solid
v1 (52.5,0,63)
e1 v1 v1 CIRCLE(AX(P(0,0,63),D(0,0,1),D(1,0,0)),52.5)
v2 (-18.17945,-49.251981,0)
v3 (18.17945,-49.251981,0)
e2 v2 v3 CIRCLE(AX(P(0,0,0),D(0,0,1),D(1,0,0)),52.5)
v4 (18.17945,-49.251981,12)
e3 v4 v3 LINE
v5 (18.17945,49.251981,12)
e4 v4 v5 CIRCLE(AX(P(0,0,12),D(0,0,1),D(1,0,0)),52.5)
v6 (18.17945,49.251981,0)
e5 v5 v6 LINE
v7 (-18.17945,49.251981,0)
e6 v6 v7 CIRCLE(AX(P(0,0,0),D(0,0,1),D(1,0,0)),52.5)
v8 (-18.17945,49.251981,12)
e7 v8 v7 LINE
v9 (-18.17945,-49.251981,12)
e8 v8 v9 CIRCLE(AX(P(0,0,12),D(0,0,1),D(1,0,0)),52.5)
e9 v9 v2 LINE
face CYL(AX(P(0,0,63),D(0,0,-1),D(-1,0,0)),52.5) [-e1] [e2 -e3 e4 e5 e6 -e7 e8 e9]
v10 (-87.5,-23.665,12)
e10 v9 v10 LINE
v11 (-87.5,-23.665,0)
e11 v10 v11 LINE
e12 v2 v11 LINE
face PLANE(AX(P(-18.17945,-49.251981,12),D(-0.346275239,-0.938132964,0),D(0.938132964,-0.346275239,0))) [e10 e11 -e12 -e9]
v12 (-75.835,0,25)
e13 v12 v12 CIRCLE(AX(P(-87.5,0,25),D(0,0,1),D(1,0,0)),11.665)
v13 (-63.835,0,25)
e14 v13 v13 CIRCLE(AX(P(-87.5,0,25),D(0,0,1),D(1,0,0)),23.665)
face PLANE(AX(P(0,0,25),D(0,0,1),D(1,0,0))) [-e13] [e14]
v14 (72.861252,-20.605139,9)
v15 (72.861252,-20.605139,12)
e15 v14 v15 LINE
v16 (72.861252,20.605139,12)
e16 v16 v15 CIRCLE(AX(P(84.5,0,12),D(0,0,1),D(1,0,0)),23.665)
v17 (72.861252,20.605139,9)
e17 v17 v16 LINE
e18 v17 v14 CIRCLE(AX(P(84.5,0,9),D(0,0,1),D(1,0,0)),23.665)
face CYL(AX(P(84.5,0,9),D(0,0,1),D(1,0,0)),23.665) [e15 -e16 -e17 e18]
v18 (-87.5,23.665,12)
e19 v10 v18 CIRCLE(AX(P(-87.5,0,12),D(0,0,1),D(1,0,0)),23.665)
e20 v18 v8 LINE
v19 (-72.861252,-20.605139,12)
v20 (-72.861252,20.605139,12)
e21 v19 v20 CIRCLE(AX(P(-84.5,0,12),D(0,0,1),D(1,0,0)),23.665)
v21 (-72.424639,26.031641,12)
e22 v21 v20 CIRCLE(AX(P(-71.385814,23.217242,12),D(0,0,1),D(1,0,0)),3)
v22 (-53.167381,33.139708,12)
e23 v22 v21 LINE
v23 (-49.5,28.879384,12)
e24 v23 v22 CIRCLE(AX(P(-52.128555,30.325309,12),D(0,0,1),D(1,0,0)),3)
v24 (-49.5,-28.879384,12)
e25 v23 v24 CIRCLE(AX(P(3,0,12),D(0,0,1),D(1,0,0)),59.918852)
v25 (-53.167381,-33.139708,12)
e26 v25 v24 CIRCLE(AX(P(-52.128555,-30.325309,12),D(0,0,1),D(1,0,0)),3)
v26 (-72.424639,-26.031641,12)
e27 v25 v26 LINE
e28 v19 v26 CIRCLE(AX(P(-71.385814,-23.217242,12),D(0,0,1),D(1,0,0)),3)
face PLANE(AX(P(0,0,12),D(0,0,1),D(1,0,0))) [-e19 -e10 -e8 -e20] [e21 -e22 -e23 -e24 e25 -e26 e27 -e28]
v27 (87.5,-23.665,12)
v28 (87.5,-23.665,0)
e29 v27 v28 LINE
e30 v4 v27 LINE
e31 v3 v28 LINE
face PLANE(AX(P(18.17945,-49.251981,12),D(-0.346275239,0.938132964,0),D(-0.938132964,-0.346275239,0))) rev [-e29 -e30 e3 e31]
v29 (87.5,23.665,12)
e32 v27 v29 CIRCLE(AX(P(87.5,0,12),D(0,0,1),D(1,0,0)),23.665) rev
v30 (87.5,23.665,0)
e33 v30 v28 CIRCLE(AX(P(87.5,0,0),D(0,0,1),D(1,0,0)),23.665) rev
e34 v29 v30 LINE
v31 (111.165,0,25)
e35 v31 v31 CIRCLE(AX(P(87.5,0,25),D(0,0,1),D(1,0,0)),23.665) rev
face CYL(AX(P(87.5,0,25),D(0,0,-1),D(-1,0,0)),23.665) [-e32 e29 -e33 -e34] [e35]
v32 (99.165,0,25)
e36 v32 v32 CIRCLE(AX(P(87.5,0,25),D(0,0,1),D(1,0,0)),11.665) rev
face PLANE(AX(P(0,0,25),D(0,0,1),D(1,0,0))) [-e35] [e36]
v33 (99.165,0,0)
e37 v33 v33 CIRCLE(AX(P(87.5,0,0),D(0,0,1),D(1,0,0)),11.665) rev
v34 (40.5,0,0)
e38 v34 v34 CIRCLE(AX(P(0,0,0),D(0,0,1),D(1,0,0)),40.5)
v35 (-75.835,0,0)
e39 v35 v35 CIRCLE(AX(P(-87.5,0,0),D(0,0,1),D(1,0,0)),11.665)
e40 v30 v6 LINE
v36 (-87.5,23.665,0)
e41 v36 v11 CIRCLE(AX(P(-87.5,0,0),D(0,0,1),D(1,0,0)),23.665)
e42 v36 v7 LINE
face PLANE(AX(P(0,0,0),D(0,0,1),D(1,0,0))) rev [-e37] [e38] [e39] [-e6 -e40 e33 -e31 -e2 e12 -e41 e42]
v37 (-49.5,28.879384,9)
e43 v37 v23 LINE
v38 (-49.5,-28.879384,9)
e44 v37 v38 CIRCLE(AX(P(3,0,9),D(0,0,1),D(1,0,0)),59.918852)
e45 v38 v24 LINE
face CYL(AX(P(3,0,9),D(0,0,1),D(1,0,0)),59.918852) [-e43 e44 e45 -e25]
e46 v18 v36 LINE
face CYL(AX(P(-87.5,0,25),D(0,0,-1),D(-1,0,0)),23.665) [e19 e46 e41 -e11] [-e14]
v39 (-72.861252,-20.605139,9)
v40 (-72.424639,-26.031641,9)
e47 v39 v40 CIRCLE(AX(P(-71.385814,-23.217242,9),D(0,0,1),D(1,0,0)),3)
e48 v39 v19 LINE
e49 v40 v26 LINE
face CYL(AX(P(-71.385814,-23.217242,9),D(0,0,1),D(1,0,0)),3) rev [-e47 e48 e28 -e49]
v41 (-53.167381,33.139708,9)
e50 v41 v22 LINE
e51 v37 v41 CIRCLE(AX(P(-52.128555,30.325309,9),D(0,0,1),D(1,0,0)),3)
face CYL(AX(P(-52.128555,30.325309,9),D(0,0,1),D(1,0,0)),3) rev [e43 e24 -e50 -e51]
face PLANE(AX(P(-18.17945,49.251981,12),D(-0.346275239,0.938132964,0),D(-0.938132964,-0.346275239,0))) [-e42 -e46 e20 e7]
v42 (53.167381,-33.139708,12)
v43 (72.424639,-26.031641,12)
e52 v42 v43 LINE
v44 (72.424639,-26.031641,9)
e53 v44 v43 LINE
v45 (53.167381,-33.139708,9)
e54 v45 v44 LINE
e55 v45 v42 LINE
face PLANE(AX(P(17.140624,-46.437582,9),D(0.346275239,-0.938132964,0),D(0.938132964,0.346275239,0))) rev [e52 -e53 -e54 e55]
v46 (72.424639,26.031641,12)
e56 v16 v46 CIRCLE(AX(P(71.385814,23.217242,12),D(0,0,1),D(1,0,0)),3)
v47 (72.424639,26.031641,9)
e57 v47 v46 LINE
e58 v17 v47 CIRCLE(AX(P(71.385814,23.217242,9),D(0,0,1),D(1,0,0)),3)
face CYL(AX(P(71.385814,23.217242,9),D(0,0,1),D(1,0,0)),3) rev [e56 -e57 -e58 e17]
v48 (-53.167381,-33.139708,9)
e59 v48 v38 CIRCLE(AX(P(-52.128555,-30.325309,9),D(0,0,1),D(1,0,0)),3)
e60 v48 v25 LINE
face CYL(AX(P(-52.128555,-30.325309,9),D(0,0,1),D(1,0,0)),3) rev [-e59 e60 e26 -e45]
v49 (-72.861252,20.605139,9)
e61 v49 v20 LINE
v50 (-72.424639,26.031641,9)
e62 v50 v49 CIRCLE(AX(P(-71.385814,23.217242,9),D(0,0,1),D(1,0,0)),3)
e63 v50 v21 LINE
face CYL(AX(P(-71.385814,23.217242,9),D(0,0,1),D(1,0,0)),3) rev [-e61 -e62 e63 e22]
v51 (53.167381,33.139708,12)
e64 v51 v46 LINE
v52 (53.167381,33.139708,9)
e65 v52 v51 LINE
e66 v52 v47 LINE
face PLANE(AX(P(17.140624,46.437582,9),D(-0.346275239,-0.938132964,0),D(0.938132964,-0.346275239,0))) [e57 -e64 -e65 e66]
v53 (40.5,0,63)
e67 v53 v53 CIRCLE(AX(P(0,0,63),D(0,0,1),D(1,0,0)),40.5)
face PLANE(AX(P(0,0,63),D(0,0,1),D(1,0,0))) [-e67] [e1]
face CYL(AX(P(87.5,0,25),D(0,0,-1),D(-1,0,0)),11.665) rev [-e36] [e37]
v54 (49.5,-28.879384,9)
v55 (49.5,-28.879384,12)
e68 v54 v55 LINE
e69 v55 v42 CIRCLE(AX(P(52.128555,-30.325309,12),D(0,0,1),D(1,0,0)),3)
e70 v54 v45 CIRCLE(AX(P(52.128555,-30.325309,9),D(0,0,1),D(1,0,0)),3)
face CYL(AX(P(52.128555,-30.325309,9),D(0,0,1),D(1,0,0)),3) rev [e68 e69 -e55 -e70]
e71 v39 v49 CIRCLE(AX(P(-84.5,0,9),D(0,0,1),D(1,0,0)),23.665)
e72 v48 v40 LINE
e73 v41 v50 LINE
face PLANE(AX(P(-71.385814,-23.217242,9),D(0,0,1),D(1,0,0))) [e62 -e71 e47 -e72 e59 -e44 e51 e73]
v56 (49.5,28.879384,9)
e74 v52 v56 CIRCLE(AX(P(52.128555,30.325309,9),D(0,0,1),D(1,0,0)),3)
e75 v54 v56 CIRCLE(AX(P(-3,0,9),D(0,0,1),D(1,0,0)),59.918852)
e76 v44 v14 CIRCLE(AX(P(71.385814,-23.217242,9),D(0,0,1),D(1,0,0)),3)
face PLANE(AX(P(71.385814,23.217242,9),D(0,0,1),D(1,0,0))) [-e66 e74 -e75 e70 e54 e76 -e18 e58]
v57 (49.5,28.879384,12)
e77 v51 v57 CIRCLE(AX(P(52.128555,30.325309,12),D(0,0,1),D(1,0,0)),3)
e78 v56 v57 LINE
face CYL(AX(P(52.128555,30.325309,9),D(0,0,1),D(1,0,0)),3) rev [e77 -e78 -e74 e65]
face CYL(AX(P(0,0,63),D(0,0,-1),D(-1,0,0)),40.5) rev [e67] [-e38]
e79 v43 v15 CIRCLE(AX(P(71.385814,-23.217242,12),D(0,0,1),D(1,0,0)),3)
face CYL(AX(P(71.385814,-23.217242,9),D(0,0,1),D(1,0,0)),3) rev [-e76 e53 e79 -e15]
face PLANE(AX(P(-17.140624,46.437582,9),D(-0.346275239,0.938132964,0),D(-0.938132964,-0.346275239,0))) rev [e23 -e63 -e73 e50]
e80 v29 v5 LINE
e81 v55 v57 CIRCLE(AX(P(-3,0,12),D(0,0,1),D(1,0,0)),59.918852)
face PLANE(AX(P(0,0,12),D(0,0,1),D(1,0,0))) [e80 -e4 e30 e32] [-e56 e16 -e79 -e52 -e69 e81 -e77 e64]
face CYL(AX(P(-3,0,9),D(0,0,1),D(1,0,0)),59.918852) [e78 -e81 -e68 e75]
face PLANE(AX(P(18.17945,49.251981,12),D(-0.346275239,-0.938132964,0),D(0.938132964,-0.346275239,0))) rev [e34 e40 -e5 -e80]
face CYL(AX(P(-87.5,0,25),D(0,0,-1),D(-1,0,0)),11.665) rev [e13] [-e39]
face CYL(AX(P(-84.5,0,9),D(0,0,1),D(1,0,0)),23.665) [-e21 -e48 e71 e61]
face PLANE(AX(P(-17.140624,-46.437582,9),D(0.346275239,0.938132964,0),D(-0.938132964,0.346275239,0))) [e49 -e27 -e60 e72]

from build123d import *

# Parameters (mm, degrees)
SHAFT_MOUNT_SKETCH_R           = 52.5
SHAFT_MOUNT_SKETCH_R_2         = 40.5
CYLINDRICAL_BORE_EXTRUDE_DEPTH = 63
SKETCH1_3_R                    = 23.665
SKETCH1_3_R_2                  = 11.665
BOLT_HOLES_EXTRUDE_DEPTH       = 25
BOLT_HOLES_EXTRUDE_2_DEPTH     = 25
SHAFT_MOUNT_GUSSETS_DEPTH      = 12
FLANGE_START                   = 12
FLANGE_EXTRUDED_CUT_1_DEPTH    = 3
FLANGE_EXTRUDED_CUT_2_DEPTH    = 3


with BuildPart() as part:
    # Shaft Mount Sketch → Cylindrical Bore Extrude (new body)
    with BuildSketch(Plane.XY):
        Circle(SHAFT_MOUNT_SKETCH_R)
        Circle(SHAFT_MOUNT_SKETCH_R_2, mode=Mode.SUBTRACT)
    extrude(amount=CYLINDRICAL_BORE_EXTRUDE_DEPTH)



with BuildPart() as body_2:
    # Sketch1<3> → Bolt Holes Extrude (new body)
    with BuildSketch(Plane.XY):
        with Locations((-87.5, 0)):
            Circle(SKETCH1_3_R)
        with Locations((-87.5, 0)):
            Circle(SKETCH1_3_R_2, mode=Mode.SUBTRACT)
    extrude(amount=BOLT_HOLES_EXTRUDE_DEPTH)


with BuildPart() as body_3:
    # Sketch1<3> → Bolt Holes Extrude 2 (new body)
    with BuildSketch(Plane.XY):
        with Locations((87.5, 0)):
            Circle(SKETCH1_3_R)
        with Locations((87.5, 0)):
            Circle(SKETCH1_3_R_2, mode=Mode.SUBTRACT)
    extrude(amount=BOLT_HOLES_EXTRUDE_2_DEPTH)


with BuildPart() as part_1:
    add(part.part)

    add(body_2.part)  # Shaft Mount Gussets merges body 2

    add(body_3.part)  # Shaft Mount Gussets merges body 3
    # Sketch1<4> → Shaft Mount Gussets (add)
    with BuildSketch(Plane.XY):
        with BuildLine():
            Line((-18.179450038, 49.251980634), (-87.5, 23.665))
            ThreePointArc((-87.5, 23.665), (-63.835, 0), (-87.5, -23.665))
            Line((-87.5, -23.665), (-18.179450038, -49.251980634))
            ThreePointArc((-18.179450038, -49.251980634), (-52.5, 0), (-18.179450038, 49.251980634))
        make_face()
        with BuildLine():
            Line((87.5, 23.665), (18.179450038, 49.251980634))
            ThreePointArc((18.179450038, 49.251980634), (52.5, 0), (18.179450038, -49.251980634))
            Line((18.179450038, -49.251980634), (87.5, -23.665))
            ThreePointArc((87.5, -23.665), (63.835, 0), (87.5, 23.665))
        make_face()
    extrude(amount=SHAFT_MOUNT_GUSSETS_DEPTH)

    # Socket Sketch<6> → Flange Extruded Cut 1 (cut)
    with BuildSketch(Plane.XY.offset(FLANGE_START)):
        with BuildLine():
            ThreePointArc((53.167380744, -33.139708031), (49.854923731, -32.28250119), (49.5, -28.879384358))
            ThreePointArc((49.5, -28.879384358), (56.918852132, 0), (49.5, 28.879384358))
            ThreePointArc((49.5, 28.879384358), (49.854923731, 32.28250119), (53.167380744, 33.139708031))
            Line((53.167380744, 33.139708031), (72.424639318, 26.031641195))
            ThreePointArc((72.424639318, 26.031641195), (74.376149951, 23.457842629), (72.861251786, 20.605139287))
            ThreePointArc((72.861251786, 20.605139287), (60.835, 0), (72.861251786, -20.605139287))
            ThreePointArc((72.861251786, -20.605139287), (74.376149951, -23.457842629), (72.424639318, -26.031641195))
            Line((72.424639318, -26.031641195), (53.167380744, -33.139708031))
        make_face()
    extrude(amount=-FLANGE_EXTRUDED_CUT_1_DEPTH, mode=Mode.SUBTRACT)

    # Socket Sketch<7> → Flange Extruded Cut 2 (cut)
    with BuildSketch(Plane.XY.offset(FLANGE_START)):
        with BuildLine():
            ThreePointArc((-49.5, 28.879384358), (-56.918852132, 0), (-49.5, -28.879384358))
            ThreePointArc((-49.5, -28.879384358), (-49.854923731, -32.28250119), (-53.167380744, -33.139708031))
            Line((-53.167380744, -33.139708031), (-72.424639318, -26.031641195))
            ThreePointArc((-72.424639318, -26.031641195), (-74.376149951, -23.457842629), (-72.861251786, -20.605139287))
            ThreePointArc((-72.861251786, -20.605139287), (-60.835, 0), (-72.861251786, 20.605139287))
            ThreePointArc((-72.861251786, 20.605139287), (-74.376149951, 23.457842629), (-72.424639318, 26.031641195))
            Line((-72.424639318, 26.031641195), (-53.167380744, 33.139708031))
            ThreePointArc((-53.167380744, 33.139708031), (-49.854923731, 32.28250119), (-49.5, 28.879384358))
        make_face()
    extrude(amount=-FLANGE_EXTRUDED_CUT_2_DEPTH, mode=Mode.SUBTRACT)


solid = part_1.part
